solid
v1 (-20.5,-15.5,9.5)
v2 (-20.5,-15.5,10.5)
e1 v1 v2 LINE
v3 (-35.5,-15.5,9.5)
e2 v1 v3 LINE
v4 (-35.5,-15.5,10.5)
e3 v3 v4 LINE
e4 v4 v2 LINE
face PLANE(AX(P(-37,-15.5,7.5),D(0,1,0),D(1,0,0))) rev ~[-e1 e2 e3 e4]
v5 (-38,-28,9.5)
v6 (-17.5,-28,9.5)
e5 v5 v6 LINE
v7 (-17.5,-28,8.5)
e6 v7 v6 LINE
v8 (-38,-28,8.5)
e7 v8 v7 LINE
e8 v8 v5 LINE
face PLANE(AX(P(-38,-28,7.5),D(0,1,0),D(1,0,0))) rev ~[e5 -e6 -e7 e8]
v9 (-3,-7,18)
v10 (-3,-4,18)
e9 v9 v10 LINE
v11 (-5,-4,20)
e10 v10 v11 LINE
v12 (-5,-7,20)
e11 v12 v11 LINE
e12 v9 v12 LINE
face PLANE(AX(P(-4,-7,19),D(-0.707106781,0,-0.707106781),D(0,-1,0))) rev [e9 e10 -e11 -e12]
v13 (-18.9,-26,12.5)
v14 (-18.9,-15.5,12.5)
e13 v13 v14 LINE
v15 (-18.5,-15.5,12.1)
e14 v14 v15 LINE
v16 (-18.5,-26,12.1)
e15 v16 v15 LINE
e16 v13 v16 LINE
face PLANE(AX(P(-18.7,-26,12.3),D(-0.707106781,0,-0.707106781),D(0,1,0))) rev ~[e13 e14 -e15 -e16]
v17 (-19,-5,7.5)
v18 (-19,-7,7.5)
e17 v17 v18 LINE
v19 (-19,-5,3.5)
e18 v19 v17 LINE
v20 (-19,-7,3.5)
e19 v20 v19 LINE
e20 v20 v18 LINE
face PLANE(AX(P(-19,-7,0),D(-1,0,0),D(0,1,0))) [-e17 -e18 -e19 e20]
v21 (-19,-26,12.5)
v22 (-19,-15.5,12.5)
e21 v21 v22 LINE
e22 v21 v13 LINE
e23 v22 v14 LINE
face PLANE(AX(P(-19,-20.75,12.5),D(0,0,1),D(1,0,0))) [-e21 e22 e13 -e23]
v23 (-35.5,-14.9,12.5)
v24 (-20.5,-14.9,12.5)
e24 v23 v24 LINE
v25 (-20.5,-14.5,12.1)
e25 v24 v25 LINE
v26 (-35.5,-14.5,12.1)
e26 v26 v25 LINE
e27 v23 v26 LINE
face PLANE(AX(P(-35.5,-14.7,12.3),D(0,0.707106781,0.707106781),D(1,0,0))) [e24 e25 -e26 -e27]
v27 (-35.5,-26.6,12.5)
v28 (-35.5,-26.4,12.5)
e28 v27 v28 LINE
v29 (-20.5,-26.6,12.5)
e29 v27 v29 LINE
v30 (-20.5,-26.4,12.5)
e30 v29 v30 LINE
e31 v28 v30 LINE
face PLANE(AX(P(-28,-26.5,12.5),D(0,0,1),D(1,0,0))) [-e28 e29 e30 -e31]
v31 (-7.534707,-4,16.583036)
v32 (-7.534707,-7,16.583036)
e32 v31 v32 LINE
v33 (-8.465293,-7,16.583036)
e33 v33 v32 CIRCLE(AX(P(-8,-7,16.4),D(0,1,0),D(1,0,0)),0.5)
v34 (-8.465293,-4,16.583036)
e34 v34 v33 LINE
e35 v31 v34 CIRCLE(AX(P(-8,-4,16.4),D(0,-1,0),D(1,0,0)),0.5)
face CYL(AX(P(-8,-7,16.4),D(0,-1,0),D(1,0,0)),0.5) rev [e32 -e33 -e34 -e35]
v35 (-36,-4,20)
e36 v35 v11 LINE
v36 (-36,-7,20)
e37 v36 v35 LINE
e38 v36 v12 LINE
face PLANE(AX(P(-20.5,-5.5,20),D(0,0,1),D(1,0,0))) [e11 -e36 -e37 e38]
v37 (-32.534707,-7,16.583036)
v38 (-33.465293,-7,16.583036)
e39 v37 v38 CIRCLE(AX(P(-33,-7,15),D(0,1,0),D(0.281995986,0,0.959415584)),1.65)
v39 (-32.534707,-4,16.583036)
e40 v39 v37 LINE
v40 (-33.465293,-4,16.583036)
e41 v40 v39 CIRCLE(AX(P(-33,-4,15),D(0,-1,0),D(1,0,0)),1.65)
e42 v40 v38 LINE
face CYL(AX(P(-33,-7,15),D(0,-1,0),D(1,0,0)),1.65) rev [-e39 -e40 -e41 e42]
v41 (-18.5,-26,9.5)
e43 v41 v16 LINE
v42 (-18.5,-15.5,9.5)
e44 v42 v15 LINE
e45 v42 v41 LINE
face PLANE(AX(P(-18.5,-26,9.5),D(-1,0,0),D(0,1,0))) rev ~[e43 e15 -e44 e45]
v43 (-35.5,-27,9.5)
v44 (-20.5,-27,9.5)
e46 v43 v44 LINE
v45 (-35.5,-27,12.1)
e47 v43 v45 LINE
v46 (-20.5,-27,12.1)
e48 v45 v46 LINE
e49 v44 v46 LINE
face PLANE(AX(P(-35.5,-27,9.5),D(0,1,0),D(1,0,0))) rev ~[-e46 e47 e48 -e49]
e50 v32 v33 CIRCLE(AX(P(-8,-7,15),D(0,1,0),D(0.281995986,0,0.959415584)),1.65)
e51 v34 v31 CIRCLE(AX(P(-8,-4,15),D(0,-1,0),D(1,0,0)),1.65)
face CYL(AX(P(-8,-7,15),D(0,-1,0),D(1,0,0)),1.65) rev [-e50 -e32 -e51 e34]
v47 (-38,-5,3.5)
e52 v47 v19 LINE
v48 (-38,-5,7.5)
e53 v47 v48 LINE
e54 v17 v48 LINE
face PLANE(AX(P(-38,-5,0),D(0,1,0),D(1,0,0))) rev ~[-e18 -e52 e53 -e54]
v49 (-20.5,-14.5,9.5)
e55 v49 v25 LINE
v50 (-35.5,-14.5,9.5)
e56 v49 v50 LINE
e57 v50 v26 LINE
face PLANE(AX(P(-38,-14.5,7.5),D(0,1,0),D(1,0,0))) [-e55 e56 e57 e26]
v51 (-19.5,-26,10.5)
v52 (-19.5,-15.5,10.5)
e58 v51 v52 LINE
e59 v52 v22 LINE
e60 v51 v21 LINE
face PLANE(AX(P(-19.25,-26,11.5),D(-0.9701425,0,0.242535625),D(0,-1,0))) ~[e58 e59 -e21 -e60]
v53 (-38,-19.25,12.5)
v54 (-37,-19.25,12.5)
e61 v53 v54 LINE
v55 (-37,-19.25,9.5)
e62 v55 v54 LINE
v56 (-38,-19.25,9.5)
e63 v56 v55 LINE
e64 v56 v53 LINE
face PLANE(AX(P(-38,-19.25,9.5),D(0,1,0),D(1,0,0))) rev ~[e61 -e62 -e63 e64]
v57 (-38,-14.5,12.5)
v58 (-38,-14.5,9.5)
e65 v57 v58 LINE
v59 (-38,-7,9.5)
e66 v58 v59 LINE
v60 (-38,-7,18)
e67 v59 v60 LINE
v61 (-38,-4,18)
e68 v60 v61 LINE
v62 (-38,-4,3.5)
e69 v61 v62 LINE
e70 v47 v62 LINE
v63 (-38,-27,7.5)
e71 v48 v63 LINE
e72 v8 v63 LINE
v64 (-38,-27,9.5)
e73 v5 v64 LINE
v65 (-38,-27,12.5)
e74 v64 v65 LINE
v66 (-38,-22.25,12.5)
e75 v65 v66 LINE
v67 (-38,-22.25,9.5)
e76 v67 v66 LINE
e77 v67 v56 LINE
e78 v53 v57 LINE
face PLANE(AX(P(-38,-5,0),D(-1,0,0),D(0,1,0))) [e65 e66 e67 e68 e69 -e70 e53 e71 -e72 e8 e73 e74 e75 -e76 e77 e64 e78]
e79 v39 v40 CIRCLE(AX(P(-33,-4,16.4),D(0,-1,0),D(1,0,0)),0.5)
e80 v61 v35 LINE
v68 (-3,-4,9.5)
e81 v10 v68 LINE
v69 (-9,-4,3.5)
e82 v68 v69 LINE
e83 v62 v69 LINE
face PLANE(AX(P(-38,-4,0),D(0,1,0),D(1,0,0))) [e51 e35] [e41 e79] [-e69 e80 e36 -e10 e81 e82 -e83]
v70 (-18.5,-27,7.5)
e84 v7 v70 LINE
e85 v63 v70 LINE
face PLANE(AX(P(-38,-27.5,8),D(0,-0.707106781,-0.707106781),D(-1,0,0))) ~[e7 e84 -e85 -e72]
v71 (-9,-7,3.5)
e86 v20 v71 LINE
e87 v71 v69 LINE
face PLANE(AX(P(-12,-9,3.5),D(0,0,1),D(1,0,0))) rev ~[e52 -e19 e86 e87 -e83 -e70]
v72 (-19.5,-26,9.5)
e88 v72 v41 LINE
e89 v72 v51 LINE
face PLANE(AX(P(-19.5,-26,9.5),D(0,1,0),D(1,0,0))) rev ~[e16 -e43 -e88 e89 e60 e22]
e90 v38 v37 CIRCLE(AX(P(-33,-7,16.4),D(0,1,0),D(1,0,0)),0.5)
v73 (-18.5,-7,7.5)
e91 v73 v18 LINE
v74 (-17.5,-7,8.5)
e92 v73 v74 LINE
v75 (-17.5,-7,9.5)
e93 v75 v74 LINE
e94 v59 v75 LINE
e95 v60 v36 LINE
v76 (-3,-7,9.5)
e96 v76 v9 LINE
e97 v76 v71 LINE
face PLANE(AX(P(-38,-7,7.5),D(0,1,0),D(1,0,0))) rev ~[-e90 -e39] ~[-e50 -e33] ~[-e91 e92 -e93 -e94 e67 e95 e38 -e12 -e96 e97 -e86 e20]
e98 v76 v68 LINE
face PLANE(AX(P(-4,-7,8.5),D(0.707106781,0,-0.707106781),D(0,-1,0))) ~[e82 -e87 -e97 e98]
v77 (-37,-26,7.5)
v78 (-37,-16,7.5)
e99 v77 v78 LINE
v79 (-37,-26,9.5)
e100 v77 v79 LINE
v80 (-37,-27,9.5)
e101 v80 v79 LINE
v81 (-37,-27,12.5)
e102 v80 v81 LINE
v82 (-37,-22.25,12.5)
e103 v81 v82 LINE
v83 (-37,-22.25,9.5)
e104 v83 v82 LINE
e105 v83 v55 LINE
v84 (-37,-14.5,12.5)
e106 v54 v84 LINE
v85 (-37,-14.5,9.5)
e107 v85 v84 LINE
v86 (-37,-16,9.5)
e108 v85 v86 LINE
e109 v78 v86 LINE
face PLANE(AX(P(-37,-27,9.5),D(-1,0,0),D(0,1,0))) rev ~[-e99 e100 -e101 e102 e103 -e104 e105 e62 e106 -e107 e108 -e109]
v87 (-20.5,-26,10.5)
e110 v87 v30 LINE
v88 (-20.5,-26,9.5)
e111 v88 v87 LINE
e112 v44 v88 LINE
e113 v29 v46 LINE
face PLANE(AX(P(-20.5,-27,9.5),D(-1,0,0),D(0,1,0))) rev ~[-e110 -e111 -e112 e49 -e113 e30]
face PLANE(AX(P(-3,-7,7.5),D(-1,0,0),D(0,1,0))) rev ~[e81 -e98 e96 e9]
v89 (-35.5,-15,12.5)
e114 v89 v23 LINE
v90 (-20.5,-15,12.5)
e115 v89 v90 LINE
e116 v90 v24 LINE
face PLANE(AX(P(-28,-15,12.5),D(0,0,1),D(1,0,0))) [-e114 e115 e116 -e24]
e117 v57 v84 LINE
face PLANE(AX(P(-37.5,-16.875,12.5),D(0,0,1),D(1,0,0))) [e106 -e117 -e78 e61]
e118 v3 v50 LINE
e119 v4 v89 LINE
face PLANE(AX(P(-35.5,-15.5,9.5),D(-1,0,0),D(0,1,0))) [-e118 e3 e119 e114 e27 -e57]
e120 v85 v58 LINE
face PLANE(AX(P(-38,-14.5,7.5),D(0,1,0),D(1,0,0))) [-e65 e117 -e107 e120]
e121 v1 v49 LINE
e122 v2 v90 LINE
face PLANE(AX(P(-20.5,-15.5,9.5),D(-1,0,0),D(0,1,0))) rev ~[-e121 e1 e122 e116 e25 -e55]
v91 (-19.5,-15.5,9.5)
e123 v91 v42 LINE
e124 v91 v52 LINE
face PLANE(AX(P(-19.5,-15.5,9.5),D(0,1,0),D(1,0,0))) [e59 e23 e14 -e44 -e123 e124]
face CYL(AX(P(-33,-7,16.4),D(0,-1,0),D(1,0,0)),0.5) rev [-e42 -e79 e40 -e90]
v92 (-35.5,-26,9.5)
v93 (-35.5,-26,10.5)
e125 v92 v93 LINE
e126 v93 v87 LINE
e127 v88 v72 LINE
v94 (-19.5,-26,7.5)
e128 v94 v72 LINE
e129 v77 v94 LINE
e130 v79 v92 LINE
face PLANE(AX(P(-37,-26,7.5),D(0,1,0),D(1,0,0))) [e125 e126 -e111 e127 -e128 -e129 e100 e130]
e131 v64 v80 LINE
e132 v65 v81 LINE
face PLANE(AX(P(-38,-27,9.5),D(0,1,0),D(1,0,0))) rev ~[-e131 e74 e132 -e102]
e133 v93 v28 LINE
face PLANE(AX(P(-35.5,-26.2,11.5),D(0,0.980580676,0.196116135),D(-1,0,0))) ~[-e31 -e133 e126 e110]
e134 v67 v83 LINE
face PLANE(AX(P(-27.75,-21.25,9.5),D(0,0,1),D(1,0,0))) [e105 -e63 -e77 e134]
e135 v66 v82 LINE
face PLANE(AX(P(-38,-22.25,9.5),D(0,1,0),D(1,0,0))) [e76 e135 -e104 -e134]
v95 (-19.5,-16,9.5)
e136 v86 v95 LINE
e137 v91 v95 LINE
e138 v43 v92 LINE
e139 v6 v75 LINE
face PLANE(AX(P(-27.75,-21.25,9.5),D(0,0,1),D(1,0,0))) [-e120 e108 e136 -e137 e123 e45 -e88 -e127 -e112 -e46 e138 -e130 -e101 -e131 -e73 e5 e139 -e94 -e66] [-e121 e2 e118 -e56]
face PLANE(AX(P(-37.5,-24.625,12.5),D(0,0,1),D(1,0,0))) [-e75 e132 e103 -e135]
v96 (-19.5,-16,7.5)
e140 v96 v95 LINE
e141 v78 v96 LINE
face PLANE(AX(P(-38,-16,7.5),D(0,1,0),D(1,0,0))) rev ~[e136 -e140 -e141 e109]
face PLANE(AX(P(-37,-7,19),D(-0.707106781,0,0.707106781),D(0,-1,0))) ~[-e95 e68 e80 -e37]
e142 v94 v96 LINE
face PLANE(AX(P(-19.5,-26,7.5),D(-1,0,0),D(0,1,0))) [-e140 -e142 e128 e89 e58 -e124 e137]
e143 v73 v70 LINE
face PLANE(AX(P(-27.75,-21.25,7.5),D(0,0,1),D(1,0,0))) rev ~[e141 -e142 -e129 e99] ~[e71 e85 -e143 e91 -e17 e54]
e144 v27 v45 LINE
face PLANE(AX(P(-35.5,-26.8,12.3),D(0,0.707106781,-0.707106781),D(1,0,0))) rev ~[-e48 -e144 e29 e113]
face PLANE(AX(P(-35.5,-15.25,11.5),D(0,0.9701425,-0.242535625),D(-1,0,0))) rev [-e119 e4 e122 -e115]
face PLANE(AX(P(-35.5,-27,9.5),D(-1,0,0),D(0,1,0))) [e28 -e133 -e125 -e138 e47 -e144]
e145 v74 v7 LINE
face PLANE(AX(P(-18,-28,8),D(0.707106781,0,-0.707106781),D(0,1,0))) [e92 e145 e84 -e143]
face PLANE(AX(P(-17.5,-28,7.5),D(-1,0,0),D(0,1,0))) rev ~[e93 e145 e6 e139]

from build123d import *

# Parameters (mm, degrees)
BOX045_W          = 52
BOX045_H          = 59
BOX045_DEPTH      = 23
BOX042_W          = 14.5
BOX042_H          = 3
BOX042_DEPTH      = 9
CHAMFER018_SIZE   = 8
BOX041_W          = 19
BOX041_H          = 1
BOX041_DEPTH      = 10
BOX017_W          = 20.5
BOX017_H          = 12
BOX017_DEPTH      = 2
CHAMFER013_SIZE   = 1
BOX011_W          = 15
BOX011_H          = 1
BOX011_DEPTH      = 3
CHAMFER002_SIZE2  = 0.5
CHAMFER002_SIZE   = 2
CHAMFER007_SIZE   = 0.4
BOX013_W          = 15
BOX013_H          = 1
BOX013_DEPTH      = 3
CHAMFER003_SIZE2  = 0.4
CHAMFER003_SIZE   = 2
CHAMFER006_SIZE   = 0.4
BOX012_W          = 1
BOX012_H          = 10.5
BOX012_DEPTH      = 3
CHAMFER004_SIZE2  = 0.5
CHAMFER004_SIZE   = 2
CHAMFER005_SIZE   = 0.4
BOX018_W          = 17.5
BOX018_H          = 10.5
BOX018_DEPTH      = 2
BOX016_W          = 20.5
BOX016_H          = 13.5
BOX016_DEPTH      = 2
BOX014_W          = 1
BOX014_H          = 4.75
BOX014_DEPTH      = 3
BOX015_W          = 1
BOX015_H          = 4.75
BOX015_DEPTH      = 3
CHAMFER012_SIZE   = 1
CYLINDER_R        = 1.65
CYLINDER_DEPTH    = 10
CYLINDER001_R     = 1.65
CYLINDER001_DEPTH = 10
CYLINDER002_R     = 0.5
CYLINDER002_DEPTH = 10
CYLINDER003_R     = 0.5
CYLINDER003_DEPTH = 10
BOX005_W          = 35
BOX005_H          = 3
BOX005_DEPTH      = 10
CHAMFER001_SIZE   = 2
BOX040_W          = 35
BOX040_H          = 3
BOX040_DEPTH      = 3
CHAMFER014_SIZE   = 2


with BuildPart() as cube045:
    # Box045 → Box045 (new body)
    with BuildSketch(Plane(origin=(-38, -38.5, -19.5), x_dir=(1, 0, 0), z_dir=(0, 0, 1))):
        with Locations((26, 29.5)):
            Rectangle(BOX045_W, BOX045_H)
    extrude(amount=BOX045_DEPTH)


with BuildPart() as chamfer018:
    # Box042 → Box042 (new body)
    with BuildSketch(Plane(origin=(-19, -7, 0), x_dir=(1, 0, 0), z_dir=(0, 0, 1))):
        with Locations((7.25, 1.5)):
            Rectangle(BOX042_W, BOX042_H)
    extrude(amount=BOX042_DEPTH)

    # Chamfer018
    chamfer018_edges = [chamfer018.edges().sort_by_distance(p)[0] for p in [
        (-4.5, -5.5, 0),
    ]]
    chamfer(chamfer018_edges, length=CHAMFER018_SIZE)


with BuildPart() as cube041:
    # Box041 → Box041 (new body)
    with BuildSketch(Plane(origin=(-38, -5, 0), x_dir=(1, 0, 0), z_dir=(0, 0, 1))):
        with Locations((9.5, 0.5)):
            Rectangle(BOX041_W, BOX041_H)
    extrude(amount=BOX041_DEPTH)


with BuildPart() as chamfer013:
    # Box017 → Box017 (new body)
    with BuildSketch(Plane(origin=(-38, -16, 7.5), x_dir=(1, 0, 0), z_dir=(0, 0, 1))):
        with Locations((10.25, 6)):
            Rectangle(BOX017_W, BOX017_H)
    extrude(amount=BOX017_DEPTH)

    # Chamfer013
    chamfer013_edges = [chamfer013.edges().sort_by_distance(p)[0] for p in [
        (-17.5, -10, 7.5),
    ]]
    chamfer(chamfer013_edges, length=CHAMFER013_SIZE)


with BuildPart() as chamfer007:
    # Box011 → Box011 (new body)
    with BuildSketch(Plane(origin=(0, -22.5, 0), x_dir=(1, 0, 0), z_dir=(0, 0, 1))):
        with Locations((7.5, 0.5)):
            Rectangle(BOX011_W, BOX011_H)
    extrude(amount=BOX011_DEPTH)

    # Chamfer002
    chamfer002_edges = [chamfer007.edges().sort_by_distance(p)[0] for p in [
        (7.5, -22.5, 3),
    ]]
    chamfer002_side = chamfer007.faces().sort_by_distance((7.5, -22.5, 1.5))[0]
    chamfer(chamfer002_edges, length=CHAMFER002_SIZE, length2=CHAMFER002_SIZE2, reference=chamfer002_side)

    # Chamfer007
    chamfer007_edges = [chamfer007.edges().sort_by_distance(p)[0] for p in [
        (7.5, -21.5, 3),
    ]]
    chamfer(chamfer007_edges, length=CHAMFER007_SIZE)


with BuildPart() as chamfer006:
    # Box013 → Box013 (new body)
    with BuildSketch(Plane(origin=(0, -34, 0), x_dir=(1, 0, 0), z_dir=(0, 0, 1))):
        with Locations((7.5, 0.5)):
            Rectangle(BOX013_W, BOX013_H)
    extrude(amount=BOX013_DEPTH)

    # Chamfer003
    chamfer003_edges = [chamfer006.edges().sort_by_distance(p)[0] for p in [
        (7.5, -33, 3),
    ]]
    chamfer003_side = chamfer006.faces().sort_by_distance((7.5, -33, 1.5))[0]
    chamfer(chamfer003_edges, length=CHAMFER003_SIZE, length2=CHAMFER003_SIZE2, reference=chamfer003_side)

    # Chamfer006
    chamfer006_edges = [chamfer006.edges().sort_by_distance(p)[0] for p in [
        (7.5, -34, 3),
    ]]
    chamfer(chamfer006_edges, length=CHAMFER006_SIZE)


with BuildPart() as chamfer005:
    # Box012 → Box012 (new body)
    with BuildSketch(Plane(origin=(16, -33, 0), x_dir=(1, 0, 0), z_dir=(0, 0, 1))):
        with Locations((0.5, 5.25)):
            Rectangle(BOX012_W, BOX012_H)
    extrude(amount=BOX012_DEPTH)

    # Chamfer004
    chamfer004_edges = [chamfer005.edges().sort_by_distance(p)[0] for p in [
        (16, -27.75, 3),
    ]]
    chamfer004_side = chamfer005.faces().sort_by_distance((16, -27.75, 1.5))[0]
    chamfer(chamfer004_edges, length=CHAMFER004_SIZE, length2=CHAMFER004_SIZE2, reference=chamfer004_side)

    # Chamfer005
    chamfer005_edges = [chamfer005.edges().sort_by_distance(p)[0] for p in [
        (17, -27.75, 3),
    ]]
    chamfer(chamfer005_edges, length=CHAMFER005_SIZE)


with BuildPart() as cube018:
    # Box018 → Box018 (new body)
    with BuildSketch(Plane(origin=(-1.5, -33, -2), x_dir=(1, 0, 0), z_dir=(0, 0, 1))):
        with Locations((8.75, 5.25)):
            Rectangle(BOX018_W, BOX018_H)
    extrude(amount=BOX018_DEPTH)


with BuildPart() as cut004:
    # Box016 → Box016 (new body)
    with BuildSketch(Plane(origin=(-2.5, -35, -2), x_dir=(1, 0, 0), z_dir=(0, 0, 1))):
        with Locations((10.25, 6.75)):
            Rectangle(BOX016_W, BOX016_H)
    extrude(amount=BOX016_DEPTH)

    # Cut004: cut Cube018
    add(cube018.part, mode=Mode.SUBTRACT)


with BuildPart() as cube014:
    # Box014 → Box014 (new body)
    with BuildSketch(Plane(origin=(-2.5, -34, 0), x_dir=(1, 0, 0), z_dir=(0, 0, 1))):
        with Locations((0.5, 2.375)):
            Rectangle(BOX014_W, BOX014_H)
    extrude(amount=BOX014_DEPTH)


with BuildPart() as chamfer012:
    # Box015 → Box015 (new body)
    with BuildSketch(Plane(origin=(-2.5, -26.25, 0), x_dir=(1, 0, 0), z_dir=(0, 0, 1))):
        with Locations((0.5, 2.375)):
            Rectangle(BOX015_W, BOX015_H)
    extrude(amount=BOX015_DEPTH)

    # Fusion004002002: union Chamfer007, Chamfer006, Chamfer005, Cut004, Cube014
    add(chamfer007.part)
    add(chamfer006.part)
    add(chamfer005.part)
    add(cut004.part)
    add(cube014.part)


with BuildPart() as chamfer012_1:
    # Fusion004002002 placement: moved
    add(chamfer012.part.moved(Location((-35.5, 7, 9.5))))

    # Chamfer012
    chamfer012_edges = [chamfer012_1.edges().sort_by_distance(p)[0] for p in [
        (-27.75, -28, 7.5),
        (-17.5, -21.25, 7.5),
    ]]
    chamfer(chamfer012_edges, length=CHAMFER012_SIZE)


with BuildPart() as cylinder:
    # Cylinder → Cylinder (new body)
    with BuildSketch(Plane(origin=(5, 0, 5), x_dir=(1, 0, 0), z_dir=(0, 1, 0))):
        Circle(CYLINDER_R)
    extrude(amount=CYLINDER_DEPTH)


with BuildPart() as fusion001:
    # Cylinder001 → Cylinder001 (new body)
    with BuildSketch(Plane(origin=(30, 0, 5), x_dir=(1, 0, 0), z_dir=(0, 1, 0))):
        Circle(CYLINDER001_R)
    extrude(amount=CYLINDER001_DEPTH)

    # Fusion001: union Cylinder
    add(cylinder.part)


with BuildPart() as cylinder002:
    # Cylinder002 → Cylinder002 (new body)
    with BuildSketch(Plane(origin=(30, 0, 5), x_dir=(1, 0, 0), z_dir=(0, 1, 0))):
        Circle(CYLINDER002_R)
    extrude(amount=CYLINDER002_DEPTH)


with BuildPart() as fusion003:
    # Cylinder003 → Cylinder003 (new body)
    with BuildSketch(Plane(origin=(5, 0, 5), x_dir=(1, 0, 0), z_dir=(0, 1, 0))):
        Circle(CYLINDER003_R)
    extrude(amount=CYLINDER003_DEPTH)

    # Fusion002: union Cylinder002
    add(cylinder002.part)


with BuildPart() as fusion003_1:
    # Fusion002 placement: moved
    add(fusion003.part.moved(Location((0, 0, 1.4))))

    # Fusion003: union Fusion001
    add(fusion001.part)


with BuildPart() as mounter:
    # Box005 → Box005 (new body)
    with BuildSketch(Plane.XY):
        with Locations((17.5, 1.5)):
            Rectangle(BOX005_W, BOX005_H)
    extrude(amount=BOX005_DEPTH)

    # Chamfer001
    chamfer001_edges = [mounter.edges().sort_by_distance(p)[0] for p in [
        (0, 1.5, 10),
        (35, 1.5, 10),
    ]]
    chamfer(chamfer001_edges, length=CHAMFER001_SIZE)

    # Cut003: cut Fusion003
    add(fusion003_1.part, mode=Mode.SUBTRACT)


with BuildPart() as mounter_1:
    # Cut003 placement: moved
    add(mounter.part.moved(Location((-38, -7, 10))))


with BuildPart() as cut024:
    # Box040 → Box040 (new body)
    with BuildSketch(Plane(origin=(-38, -7, 7.5), x_dir=(1, 0, 0), z_dir=(0, 0, 1))):
        with Locations((17.5, 1.5)):
            Rectangle(BOX040_W, BOX040_H)
    extrude(amount=BOX040_DEPTH)

    # Chamfer014
    chamfer014_edges = [cut024.edges().sort_by_distance(p)[0] for p in [
        (-3, -5.5, 7.5),
    ]]
    chamfer(chamfer014_edges, length=CHAMFER014_SIZE)

    # Fusion004002006004: union Chamfer013, Chamfer012, mounter
    add(chamfer013.part)
    add(chamfer012_1.part)
    add(mounter_1.part)

    # Fusion004002006005: union Chamfer018, Cube041
    add(chamfer018.part)
    add(cube041.part)

    # Cut024: cut Cube045
    add(cube045.part, mode=Mode.SUBTRACT)


solid = cut024.part
